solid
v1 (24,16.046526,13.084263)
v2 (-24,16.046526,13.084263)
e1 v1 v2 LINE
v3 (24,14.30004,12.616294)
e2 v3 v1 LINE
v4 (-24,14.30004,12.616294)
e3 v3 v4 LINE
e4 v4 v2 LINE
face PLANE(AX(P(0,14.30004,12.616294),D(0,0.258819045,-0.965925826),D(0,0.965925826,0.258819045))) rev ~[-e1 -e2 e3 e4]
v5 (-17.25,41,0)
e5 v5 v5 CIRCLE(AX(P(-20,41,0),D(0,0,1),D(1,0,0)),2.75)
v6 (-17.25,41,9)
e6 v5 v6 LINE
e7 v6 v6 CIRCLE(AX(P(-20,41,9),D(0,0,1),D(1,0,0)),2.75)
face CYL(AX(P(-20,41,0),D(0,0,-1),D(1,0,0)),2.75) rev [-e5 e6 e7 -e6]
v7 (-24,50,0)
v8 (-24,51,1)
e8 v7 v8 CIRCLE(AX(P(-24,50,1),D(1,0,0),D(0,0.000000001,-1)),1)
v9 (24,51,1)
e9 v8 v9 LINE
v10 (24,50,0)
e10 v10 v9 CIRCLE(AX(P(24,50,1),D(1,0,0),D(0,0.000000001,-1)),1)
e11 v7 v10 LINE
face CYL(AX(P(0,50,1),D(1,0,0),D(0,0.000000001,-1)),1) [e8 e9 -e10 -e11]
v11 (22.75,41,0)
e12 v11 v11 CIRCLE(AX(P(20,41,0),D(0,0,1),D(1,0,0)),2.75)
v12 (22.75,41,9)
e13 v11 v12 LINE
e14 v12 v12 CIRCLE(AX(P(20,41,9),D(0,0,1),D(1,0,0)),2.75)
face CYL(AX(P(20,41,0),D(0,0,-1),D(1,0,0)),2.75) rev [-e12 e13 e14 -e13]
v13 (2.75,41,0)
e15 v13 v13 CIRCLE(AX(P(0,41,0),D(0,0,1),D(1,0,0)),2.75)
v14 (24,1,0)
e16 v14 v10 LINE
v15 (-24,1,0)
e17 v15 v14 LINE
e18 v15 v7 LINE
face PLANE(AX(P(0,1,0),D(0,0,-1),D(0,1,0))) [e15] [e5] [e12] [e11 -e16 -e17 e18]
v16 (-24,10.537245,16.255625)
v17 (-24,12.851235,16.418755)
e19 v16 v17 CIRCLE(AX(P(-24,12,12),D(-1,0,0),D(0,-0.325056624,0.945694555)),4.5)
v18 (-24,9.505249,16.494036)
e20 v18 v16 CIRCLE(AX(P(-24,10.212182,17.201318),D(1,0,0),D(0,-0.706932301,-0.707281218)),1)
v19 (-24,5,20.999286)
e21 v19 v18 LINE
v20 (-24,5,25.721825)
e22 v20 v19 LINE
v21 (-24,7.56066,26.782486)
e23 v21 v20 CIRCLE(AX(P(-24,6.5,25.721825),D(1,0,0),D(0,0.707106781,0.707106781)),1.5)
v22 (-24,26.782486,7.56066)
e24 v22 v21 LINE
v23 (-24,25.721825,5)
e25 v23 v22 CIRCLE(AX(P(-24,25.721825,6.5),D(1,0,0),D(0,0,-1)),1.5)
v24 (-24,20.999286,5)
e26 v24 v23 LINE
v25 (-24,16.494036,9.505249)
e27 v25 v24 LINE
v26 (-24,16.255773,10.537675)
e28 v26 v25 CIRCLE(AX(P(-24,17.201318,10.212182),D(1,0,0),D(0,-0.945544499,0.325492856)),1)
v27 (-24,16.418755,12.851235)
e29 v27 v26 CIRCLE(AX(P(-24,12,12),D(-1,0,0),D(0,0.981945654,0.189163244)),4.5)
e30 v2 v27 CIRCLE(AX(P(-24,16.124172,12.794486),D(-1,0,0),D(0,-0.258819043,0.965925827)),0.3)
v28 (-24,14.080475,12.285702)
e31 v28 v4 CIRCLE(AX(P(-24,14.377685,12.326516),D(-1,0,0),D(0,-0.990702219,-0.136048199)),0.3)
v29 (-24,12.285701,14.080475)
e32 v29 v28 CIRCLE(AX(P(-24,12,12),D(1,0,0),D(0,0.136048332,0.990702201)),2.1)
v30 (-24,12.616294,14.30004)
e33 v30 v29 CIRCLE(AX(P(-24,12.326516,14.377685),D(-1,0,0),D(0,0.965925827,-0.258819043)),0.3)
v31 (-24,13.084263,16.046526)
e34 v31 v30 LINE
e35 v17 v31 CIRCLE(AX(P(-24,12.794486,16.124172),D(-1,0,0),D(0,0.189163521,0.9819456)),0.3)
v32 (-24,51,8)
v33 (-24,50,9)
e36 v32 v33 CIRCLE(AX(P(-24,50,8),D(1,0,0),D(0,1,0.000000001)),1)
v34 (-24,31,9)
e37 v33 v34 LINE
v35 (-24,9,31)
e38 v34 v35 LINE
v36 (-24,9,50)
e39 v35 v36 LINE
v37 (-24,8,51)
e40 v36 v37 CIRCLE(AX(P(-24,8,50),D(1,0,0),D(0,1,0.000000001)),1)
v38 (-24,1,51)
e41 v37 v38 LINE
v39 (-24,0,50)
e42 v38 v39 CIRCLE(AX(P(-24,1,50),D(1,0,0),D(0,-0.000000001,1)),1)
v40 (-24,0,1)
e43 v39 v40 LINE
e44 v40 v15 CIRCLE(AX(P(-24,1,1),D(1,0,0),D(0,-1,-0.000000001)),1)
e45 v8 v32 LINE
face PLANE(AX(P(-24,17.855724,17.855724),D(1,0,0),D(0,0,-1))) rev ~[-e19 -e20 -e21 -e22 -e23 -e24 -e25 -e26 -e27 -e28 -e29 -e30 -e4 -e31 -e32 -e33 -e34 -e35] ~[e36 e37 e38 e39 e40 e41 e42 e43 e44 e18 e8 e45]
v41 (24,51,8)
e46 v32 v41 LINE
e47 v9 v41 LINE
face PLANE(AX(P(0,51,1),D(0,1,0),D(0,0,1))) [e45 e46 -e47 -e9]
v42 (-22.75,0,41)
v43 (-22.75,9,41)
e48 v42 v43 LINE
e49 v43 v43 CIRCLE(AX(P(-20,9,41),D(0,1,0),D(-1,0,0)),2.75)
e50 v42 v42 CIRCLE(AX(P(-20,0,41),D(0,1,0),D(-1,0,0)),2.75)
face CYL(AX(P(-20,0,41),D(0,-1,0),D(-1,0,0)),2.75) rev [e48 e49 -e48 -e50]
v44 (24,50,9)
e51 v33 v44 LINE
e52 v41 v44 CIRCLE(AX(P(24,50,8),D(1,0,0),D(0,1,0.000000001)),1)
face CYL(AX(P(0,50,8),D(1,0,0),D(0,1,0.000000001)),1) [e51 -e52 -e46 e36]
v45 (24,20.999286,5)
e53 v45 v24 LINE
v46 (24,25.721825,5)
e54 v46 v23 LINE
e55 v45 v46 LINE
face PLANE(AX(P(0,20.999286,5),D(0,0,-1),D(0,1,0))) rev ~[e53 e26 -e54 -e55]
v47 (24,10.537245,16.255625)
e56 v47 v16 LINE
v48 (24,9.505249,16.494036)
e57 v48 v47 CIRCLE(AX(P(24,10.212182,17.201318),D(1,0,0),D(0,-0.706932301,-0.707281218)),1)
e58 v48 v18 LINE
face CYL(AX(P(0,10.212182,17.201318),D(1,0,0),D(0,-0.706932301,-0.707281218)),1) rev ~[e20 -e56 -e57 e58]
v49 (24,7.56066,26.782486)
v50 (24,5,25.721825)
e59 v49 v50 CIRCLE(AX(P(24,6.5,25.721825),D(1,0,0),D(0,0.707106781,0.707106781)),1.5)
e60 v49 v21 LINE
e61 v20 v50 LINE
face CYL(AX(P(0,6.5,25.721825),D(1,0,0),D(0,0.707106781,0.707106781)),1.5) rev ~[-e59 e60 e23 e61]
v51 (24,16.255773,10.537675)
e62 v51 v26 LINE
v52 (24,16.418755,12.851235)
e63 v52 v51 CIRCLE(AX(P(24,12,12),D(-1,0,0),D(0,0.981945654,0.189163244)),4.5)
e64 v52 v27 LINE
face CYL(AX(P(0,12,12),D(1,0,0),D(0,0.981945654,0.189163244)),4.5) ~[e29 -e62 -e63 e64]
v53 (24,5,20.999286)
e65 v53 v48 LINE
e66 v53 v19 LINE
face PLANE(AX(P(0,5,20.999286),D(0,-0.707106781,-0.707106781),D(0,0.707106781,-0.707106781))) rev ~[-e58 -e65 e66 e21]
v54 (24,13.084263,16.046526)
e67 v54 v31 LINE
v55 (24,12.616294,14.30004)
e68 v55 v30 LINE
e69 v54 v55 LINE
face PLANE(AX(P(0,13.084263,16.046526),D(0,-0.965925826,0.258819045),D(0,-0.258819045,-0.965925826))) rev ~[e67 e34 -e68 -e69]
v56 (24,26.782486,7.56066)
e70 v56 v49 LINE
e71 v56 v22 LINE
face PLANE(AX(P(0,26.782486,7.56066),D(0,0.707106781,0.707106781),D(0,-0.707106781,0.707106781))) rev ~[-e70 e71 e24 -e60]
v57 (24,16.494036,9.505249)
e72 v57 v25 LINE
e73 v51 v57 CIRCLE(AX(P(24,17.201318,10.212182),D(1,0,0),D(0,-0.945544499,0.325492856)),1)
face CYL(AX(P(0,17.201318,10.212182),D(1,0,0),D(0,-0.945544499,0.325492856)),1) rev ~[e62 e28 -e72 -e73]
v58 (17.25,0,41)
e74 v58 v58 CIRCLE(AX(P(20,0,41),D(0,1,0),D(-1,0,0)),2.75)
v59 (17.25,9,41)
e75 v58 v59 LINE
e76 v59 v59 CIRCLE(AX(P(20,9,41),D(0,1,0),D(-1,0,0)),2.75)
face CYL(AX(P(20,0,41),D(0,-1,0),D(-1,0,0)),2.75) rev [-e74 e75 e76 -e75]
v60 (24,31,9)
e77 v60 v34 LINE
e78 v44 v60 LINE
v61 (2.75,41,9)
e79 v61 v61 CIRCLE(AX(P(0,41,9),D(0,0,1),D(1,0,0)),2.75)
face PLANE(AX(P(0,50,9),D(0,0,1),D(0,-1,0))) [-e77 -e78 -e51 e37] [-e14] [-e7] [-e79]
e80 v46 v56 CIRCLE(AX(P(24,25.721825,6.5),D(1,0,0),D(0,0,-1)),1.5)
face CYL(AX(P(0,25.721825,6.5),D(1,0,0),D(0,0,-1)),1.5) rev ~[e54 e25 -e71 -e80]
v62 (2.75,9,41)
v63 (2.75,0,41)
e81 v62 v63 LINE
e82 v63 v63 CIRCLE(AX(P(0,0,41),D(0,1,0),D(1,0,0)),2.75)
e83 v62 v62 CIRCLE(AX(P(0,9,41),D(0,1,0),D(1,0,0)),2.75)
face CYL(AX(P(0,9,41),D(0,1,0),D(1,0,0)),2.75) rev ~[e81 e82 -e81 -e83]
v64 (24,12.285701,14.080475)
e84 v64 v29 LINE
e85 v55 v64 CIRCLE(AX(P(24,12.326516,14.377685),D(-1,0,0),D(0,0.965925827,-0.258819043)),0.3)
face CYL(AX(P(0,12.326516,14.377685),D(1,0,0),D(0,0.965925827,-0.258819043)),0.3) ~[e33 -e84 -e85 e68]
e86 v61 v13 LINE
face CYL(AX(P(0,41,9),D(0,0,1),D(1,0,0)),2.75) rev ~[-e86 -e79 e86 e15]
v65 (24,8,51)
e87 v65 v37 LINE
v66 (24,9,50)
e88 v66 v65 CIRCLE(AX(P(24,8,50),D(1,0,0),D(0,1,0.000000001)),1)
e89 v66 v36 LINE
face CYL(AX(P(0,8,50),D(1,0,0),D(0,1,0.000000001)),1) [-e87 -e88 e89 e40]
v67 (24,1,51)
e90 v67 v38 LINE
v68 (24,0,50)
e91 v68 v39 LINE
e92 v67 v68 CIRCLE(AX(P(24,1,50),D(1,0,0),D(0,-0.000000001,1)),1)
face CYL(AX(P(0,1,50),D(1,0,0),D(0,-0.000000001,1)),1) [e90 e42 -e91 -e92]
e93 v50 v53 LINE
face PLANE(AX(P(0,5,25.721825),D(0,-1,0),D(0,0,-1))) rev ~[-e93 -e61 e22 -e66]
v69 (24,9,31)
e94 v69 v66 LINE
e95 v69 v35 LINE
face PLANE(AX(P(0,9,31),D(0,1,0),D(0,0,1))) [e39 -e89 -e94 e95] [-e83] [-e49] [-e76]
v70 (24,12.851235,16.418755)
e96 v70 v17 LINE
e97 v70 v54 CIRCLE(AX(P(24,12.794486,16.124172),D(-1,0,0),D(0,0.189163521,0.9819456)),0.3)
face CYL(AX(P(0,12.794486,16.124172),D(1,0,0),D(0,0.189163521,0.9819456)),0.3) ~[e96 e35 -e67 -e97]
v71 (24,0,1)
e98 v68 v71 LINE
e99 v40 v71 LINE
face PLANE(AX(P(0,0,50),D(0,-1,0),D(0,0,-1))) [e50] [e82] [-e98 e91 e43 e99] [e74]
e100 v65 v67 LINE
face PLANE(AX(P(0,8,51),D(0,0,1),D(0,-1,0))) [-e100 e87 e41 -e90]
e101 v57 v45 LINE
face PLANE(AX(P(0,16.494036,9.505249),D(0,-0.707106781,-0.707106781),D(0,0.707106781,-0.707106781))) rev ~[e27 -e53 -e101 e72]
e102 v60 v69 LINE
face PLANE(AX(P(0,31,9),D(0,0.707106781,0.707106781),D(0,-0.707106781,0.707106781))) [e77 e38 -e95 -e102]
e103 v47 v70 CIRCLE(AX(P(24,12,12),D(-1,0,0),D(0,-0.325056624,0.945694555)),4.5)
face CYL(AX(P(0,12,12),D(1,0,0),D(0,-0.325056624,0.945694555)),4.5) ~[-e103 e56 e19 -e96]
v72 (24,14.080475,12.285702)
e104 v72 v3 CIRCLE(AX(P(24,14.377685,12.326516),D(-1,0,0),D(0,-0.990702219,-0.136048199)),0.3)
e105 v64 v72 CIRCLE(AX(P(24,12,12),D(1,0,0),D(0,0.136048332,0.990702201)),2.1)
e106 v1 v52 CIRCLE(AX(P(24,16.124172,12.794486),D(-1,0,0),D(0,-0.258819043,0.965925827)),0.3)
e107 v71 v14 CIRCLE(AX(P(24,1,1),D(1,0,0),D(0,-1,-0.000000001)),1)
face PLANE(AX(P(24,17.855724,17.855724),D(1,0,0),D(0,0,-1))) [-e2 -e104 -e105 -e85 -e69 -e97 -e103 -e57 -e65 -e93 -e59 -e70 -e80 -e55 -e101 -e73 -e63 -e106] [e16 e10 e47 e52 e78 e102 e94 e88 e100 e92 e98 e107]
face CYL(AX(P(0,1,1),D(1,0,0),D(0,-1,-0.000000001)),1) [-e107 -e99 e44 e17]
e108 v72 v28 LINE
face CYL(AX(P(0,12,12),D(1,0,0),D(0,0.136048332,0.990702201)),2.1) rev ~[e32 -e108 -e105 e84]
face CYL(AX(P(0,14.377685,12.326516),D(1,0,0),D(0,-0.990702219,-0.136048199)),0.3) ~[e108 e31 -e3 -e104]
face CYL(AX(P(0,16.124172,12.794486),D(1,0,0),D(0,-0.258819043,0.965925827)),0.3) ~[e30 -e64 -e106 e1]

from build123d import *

# Parameters (mm, degrees)
BOSS_EXTRUDE1_DEPTH      = 24
BOSS_EXTRUDE1_DEPTH_BACK = 24
SKETCH2_R                = 2.75
CUT_EXTRUDE1_DEPTH       = 9
SKETCH3_R                = 2.75
CUT_EXTRUDE2_DEPTH       = 9
SKETCH4_R                = 2.75
CUT_EXTRUDE3_DEPTH       = 9
SKETCH5_R                = 2.75
CUT_EXTRUDE4_DEPTH       = 9
SKETCH6_R                = 2.75
CUT_EXTRUDE5_DEPTH       = 10
SKETCH7_R                = 2.75
CUT_EXTRUDE6_DEPTH       = 10


with BuildPart() as part:
    # Sketch1 → Boss-Extrude1 (new, two sides: drawn at the far end of the back side and taken through both)
    with BuildSketch(Plane(origin=(0, 0, 0), x_dir=(0, 0, -1), z_dir=(1, 0, 0)).offset(-BOSS_EXTRUDE1_DEPTH_BACK)):
        with BuildLine():
            Line((-50, 0), (-1, 0))
            ThreePointArc((-1, 0), (-0.292893219, 0.292893219), (0, 1))
            Line((0, 1), (0, 50))
            ThreePointArc((0, 50), (-0.292893219, 50.707106781), (-1, 51))
            Line((-1, 51), (-8, 51))
            ThreePointArc((-8, 51), (-8.707106781, 50.707106781), (-9, 50))
            Line((-9, 50), (-9, 31))
            Line((-9, 31), (-31, 9))
            Line((-31, 9), (-50, 9))
            ThreePointArc((-50, 9), (-50.707106781, 8.707106781), (-51, 8))
            Line((-51, 8), (-51, 1))
            ThreePointArc((-51, 1), (-50.707106781, 0.292893219), (-50, 0))
        make_face()
        with BuildLine():
            Line((-25.721825407, 5), (-20.999285733, 5))
            Line((-20.999285733, 5), (-16.494036438, 9.505249294))
            ThreePointArc((-16.494036438, 9.505249294), (-16.226979866, 9.987090789), (-16.255625497, 10.537245192))
            ThreePointArc((-16.255625497, 10.537245192), (-16.488859314, 11.683547702), (-16.418755424, 12.851234691))
            ThreePointArc((-16.418755424, 12.851234691), (-16.283360667, 13.048766752), (-16.046526031, 13.084263382))
            Line((-16.046526031, 13.084263382), (-14.300039569, 12.616293745))
            ThreePointArc((-14.300039569, 12.616293745), (-14.127781033, 12.492491496), (-14.080474622, 12.285701498))
            ThreePointArc((-14.080474622, 12.285701498), (-10.515075745, 10.515075774), (-12.285701539, 14.080474617))
            ThreePointArc((-12.285701539, 14.080474617), (-12.492491514, 14.127781045), (-12.616293745, 14.300039569))
            Line((-12.616293745, 14.300039569), (-13.084263382, 16.046526031))
            ThreePointArc((-13.084263382, 16.046526031), (-13.048766728, 16.283360705), (-12.851234602, 16.418755442))
            ThreePointArc((-12.851234602, 16.418755442), (-11.683774102, 16.488875269), (-10.537674556, 16.255773055))
            ThreePointArc((-10.537674556, 16.255773055), (-9.987311976, 16.226928716), (-9.505249294, 16.494036438))
            Line((-9.505249294, 16.494036438), (-5, 20.999285733))
            Line((-5, 20.999285733), (-5, 25.721825407))
            ThreePointArc((-5, 25.721825407), (-5.925974851, 27.107644706), (-7.560660172, 26.782485579))
            Line((-7.560660172, 26.782485579), (-26.782485579, 7.560660172))
            ThreePointArc((-26.782485579, 7.560660172), (-27.107644706, 5.925974851), (-25.721825407, 5))
        make_face(mode=Mode.SUBTRACT)
    extrude(amount=BOSS_EXTRUDE1_DEPTH + BOSS_EXTRUDE1_DEPTH_BACK)

    # Sketch2 → Cut-Extrude1 (cut)
    with BuildSketch(Plane(origin=(0, 0, 0), x_dir=(-1, 0, 0), z_dir=(0, 1, 0))):
        with Locations((20, 41)):
            Circle(SKETCH2_R)
    extrude(amount=CUT_EXTRUDE1_DEPTH, mode=Mode.SUBTRACT)

    # Sketch3 → Cut-Extrude2 (cut)
    with BuildSketch(Plane(origin=(0, 0, 0), x_dir=(-1, 0, 0), z_dir=(0, 1, 0))):
        with Locations((-20, 41)):
            Circle(SKETCH3_R)
    extrude(amount=CUT_EXTRUDE2_DEPTH, mode=Mode.SUBTRACT)

    # Sketch4 → Cut-Extrude3 (cut)
    with BuildSketch(Plane.XY):
        with Locations((-20, 41)):
            Circle(SKETCH4_R)
    extrude(amount=CUT_EXTRUDE3_DEPTH, mode=Mode.SUBTRACT)

    # Sketch5 → Cut-Extrude4 (cut)
    with BuildSketch(Plane.XY):
        with Locations((20, 41)):
            Circle(SKETCH5_R)
    extrude(amount=CUT_EXTRUDE4_DEPTH, mode=Mode.SUBTRACT)

    # Sketch6 → Cut-Extrude5 (cut)
    with BuildSketch(Plane(origin=(0, 9, 0), x_dir=(1, 0, 0), z_dir=(0, 1, 0))):
        with Locations((0, -41)):
            Circle(SKETCH6_R)
    extrude(amount=-CUT_EXTRUDE5_DEPTH, mode=Mode.SUBTRACT)

    # Sketch7 → Cut-Extrude6 (cut)
    with BuildSketch(Plane.XY.offset(9)):
        with Locations((0, 41)):
            Circle(SKETCH7_R)
    extrude(amount=-CUT_EXTRUDE6_DEPTH, mode=Mode.SUBTRACT)


solid = part.part
